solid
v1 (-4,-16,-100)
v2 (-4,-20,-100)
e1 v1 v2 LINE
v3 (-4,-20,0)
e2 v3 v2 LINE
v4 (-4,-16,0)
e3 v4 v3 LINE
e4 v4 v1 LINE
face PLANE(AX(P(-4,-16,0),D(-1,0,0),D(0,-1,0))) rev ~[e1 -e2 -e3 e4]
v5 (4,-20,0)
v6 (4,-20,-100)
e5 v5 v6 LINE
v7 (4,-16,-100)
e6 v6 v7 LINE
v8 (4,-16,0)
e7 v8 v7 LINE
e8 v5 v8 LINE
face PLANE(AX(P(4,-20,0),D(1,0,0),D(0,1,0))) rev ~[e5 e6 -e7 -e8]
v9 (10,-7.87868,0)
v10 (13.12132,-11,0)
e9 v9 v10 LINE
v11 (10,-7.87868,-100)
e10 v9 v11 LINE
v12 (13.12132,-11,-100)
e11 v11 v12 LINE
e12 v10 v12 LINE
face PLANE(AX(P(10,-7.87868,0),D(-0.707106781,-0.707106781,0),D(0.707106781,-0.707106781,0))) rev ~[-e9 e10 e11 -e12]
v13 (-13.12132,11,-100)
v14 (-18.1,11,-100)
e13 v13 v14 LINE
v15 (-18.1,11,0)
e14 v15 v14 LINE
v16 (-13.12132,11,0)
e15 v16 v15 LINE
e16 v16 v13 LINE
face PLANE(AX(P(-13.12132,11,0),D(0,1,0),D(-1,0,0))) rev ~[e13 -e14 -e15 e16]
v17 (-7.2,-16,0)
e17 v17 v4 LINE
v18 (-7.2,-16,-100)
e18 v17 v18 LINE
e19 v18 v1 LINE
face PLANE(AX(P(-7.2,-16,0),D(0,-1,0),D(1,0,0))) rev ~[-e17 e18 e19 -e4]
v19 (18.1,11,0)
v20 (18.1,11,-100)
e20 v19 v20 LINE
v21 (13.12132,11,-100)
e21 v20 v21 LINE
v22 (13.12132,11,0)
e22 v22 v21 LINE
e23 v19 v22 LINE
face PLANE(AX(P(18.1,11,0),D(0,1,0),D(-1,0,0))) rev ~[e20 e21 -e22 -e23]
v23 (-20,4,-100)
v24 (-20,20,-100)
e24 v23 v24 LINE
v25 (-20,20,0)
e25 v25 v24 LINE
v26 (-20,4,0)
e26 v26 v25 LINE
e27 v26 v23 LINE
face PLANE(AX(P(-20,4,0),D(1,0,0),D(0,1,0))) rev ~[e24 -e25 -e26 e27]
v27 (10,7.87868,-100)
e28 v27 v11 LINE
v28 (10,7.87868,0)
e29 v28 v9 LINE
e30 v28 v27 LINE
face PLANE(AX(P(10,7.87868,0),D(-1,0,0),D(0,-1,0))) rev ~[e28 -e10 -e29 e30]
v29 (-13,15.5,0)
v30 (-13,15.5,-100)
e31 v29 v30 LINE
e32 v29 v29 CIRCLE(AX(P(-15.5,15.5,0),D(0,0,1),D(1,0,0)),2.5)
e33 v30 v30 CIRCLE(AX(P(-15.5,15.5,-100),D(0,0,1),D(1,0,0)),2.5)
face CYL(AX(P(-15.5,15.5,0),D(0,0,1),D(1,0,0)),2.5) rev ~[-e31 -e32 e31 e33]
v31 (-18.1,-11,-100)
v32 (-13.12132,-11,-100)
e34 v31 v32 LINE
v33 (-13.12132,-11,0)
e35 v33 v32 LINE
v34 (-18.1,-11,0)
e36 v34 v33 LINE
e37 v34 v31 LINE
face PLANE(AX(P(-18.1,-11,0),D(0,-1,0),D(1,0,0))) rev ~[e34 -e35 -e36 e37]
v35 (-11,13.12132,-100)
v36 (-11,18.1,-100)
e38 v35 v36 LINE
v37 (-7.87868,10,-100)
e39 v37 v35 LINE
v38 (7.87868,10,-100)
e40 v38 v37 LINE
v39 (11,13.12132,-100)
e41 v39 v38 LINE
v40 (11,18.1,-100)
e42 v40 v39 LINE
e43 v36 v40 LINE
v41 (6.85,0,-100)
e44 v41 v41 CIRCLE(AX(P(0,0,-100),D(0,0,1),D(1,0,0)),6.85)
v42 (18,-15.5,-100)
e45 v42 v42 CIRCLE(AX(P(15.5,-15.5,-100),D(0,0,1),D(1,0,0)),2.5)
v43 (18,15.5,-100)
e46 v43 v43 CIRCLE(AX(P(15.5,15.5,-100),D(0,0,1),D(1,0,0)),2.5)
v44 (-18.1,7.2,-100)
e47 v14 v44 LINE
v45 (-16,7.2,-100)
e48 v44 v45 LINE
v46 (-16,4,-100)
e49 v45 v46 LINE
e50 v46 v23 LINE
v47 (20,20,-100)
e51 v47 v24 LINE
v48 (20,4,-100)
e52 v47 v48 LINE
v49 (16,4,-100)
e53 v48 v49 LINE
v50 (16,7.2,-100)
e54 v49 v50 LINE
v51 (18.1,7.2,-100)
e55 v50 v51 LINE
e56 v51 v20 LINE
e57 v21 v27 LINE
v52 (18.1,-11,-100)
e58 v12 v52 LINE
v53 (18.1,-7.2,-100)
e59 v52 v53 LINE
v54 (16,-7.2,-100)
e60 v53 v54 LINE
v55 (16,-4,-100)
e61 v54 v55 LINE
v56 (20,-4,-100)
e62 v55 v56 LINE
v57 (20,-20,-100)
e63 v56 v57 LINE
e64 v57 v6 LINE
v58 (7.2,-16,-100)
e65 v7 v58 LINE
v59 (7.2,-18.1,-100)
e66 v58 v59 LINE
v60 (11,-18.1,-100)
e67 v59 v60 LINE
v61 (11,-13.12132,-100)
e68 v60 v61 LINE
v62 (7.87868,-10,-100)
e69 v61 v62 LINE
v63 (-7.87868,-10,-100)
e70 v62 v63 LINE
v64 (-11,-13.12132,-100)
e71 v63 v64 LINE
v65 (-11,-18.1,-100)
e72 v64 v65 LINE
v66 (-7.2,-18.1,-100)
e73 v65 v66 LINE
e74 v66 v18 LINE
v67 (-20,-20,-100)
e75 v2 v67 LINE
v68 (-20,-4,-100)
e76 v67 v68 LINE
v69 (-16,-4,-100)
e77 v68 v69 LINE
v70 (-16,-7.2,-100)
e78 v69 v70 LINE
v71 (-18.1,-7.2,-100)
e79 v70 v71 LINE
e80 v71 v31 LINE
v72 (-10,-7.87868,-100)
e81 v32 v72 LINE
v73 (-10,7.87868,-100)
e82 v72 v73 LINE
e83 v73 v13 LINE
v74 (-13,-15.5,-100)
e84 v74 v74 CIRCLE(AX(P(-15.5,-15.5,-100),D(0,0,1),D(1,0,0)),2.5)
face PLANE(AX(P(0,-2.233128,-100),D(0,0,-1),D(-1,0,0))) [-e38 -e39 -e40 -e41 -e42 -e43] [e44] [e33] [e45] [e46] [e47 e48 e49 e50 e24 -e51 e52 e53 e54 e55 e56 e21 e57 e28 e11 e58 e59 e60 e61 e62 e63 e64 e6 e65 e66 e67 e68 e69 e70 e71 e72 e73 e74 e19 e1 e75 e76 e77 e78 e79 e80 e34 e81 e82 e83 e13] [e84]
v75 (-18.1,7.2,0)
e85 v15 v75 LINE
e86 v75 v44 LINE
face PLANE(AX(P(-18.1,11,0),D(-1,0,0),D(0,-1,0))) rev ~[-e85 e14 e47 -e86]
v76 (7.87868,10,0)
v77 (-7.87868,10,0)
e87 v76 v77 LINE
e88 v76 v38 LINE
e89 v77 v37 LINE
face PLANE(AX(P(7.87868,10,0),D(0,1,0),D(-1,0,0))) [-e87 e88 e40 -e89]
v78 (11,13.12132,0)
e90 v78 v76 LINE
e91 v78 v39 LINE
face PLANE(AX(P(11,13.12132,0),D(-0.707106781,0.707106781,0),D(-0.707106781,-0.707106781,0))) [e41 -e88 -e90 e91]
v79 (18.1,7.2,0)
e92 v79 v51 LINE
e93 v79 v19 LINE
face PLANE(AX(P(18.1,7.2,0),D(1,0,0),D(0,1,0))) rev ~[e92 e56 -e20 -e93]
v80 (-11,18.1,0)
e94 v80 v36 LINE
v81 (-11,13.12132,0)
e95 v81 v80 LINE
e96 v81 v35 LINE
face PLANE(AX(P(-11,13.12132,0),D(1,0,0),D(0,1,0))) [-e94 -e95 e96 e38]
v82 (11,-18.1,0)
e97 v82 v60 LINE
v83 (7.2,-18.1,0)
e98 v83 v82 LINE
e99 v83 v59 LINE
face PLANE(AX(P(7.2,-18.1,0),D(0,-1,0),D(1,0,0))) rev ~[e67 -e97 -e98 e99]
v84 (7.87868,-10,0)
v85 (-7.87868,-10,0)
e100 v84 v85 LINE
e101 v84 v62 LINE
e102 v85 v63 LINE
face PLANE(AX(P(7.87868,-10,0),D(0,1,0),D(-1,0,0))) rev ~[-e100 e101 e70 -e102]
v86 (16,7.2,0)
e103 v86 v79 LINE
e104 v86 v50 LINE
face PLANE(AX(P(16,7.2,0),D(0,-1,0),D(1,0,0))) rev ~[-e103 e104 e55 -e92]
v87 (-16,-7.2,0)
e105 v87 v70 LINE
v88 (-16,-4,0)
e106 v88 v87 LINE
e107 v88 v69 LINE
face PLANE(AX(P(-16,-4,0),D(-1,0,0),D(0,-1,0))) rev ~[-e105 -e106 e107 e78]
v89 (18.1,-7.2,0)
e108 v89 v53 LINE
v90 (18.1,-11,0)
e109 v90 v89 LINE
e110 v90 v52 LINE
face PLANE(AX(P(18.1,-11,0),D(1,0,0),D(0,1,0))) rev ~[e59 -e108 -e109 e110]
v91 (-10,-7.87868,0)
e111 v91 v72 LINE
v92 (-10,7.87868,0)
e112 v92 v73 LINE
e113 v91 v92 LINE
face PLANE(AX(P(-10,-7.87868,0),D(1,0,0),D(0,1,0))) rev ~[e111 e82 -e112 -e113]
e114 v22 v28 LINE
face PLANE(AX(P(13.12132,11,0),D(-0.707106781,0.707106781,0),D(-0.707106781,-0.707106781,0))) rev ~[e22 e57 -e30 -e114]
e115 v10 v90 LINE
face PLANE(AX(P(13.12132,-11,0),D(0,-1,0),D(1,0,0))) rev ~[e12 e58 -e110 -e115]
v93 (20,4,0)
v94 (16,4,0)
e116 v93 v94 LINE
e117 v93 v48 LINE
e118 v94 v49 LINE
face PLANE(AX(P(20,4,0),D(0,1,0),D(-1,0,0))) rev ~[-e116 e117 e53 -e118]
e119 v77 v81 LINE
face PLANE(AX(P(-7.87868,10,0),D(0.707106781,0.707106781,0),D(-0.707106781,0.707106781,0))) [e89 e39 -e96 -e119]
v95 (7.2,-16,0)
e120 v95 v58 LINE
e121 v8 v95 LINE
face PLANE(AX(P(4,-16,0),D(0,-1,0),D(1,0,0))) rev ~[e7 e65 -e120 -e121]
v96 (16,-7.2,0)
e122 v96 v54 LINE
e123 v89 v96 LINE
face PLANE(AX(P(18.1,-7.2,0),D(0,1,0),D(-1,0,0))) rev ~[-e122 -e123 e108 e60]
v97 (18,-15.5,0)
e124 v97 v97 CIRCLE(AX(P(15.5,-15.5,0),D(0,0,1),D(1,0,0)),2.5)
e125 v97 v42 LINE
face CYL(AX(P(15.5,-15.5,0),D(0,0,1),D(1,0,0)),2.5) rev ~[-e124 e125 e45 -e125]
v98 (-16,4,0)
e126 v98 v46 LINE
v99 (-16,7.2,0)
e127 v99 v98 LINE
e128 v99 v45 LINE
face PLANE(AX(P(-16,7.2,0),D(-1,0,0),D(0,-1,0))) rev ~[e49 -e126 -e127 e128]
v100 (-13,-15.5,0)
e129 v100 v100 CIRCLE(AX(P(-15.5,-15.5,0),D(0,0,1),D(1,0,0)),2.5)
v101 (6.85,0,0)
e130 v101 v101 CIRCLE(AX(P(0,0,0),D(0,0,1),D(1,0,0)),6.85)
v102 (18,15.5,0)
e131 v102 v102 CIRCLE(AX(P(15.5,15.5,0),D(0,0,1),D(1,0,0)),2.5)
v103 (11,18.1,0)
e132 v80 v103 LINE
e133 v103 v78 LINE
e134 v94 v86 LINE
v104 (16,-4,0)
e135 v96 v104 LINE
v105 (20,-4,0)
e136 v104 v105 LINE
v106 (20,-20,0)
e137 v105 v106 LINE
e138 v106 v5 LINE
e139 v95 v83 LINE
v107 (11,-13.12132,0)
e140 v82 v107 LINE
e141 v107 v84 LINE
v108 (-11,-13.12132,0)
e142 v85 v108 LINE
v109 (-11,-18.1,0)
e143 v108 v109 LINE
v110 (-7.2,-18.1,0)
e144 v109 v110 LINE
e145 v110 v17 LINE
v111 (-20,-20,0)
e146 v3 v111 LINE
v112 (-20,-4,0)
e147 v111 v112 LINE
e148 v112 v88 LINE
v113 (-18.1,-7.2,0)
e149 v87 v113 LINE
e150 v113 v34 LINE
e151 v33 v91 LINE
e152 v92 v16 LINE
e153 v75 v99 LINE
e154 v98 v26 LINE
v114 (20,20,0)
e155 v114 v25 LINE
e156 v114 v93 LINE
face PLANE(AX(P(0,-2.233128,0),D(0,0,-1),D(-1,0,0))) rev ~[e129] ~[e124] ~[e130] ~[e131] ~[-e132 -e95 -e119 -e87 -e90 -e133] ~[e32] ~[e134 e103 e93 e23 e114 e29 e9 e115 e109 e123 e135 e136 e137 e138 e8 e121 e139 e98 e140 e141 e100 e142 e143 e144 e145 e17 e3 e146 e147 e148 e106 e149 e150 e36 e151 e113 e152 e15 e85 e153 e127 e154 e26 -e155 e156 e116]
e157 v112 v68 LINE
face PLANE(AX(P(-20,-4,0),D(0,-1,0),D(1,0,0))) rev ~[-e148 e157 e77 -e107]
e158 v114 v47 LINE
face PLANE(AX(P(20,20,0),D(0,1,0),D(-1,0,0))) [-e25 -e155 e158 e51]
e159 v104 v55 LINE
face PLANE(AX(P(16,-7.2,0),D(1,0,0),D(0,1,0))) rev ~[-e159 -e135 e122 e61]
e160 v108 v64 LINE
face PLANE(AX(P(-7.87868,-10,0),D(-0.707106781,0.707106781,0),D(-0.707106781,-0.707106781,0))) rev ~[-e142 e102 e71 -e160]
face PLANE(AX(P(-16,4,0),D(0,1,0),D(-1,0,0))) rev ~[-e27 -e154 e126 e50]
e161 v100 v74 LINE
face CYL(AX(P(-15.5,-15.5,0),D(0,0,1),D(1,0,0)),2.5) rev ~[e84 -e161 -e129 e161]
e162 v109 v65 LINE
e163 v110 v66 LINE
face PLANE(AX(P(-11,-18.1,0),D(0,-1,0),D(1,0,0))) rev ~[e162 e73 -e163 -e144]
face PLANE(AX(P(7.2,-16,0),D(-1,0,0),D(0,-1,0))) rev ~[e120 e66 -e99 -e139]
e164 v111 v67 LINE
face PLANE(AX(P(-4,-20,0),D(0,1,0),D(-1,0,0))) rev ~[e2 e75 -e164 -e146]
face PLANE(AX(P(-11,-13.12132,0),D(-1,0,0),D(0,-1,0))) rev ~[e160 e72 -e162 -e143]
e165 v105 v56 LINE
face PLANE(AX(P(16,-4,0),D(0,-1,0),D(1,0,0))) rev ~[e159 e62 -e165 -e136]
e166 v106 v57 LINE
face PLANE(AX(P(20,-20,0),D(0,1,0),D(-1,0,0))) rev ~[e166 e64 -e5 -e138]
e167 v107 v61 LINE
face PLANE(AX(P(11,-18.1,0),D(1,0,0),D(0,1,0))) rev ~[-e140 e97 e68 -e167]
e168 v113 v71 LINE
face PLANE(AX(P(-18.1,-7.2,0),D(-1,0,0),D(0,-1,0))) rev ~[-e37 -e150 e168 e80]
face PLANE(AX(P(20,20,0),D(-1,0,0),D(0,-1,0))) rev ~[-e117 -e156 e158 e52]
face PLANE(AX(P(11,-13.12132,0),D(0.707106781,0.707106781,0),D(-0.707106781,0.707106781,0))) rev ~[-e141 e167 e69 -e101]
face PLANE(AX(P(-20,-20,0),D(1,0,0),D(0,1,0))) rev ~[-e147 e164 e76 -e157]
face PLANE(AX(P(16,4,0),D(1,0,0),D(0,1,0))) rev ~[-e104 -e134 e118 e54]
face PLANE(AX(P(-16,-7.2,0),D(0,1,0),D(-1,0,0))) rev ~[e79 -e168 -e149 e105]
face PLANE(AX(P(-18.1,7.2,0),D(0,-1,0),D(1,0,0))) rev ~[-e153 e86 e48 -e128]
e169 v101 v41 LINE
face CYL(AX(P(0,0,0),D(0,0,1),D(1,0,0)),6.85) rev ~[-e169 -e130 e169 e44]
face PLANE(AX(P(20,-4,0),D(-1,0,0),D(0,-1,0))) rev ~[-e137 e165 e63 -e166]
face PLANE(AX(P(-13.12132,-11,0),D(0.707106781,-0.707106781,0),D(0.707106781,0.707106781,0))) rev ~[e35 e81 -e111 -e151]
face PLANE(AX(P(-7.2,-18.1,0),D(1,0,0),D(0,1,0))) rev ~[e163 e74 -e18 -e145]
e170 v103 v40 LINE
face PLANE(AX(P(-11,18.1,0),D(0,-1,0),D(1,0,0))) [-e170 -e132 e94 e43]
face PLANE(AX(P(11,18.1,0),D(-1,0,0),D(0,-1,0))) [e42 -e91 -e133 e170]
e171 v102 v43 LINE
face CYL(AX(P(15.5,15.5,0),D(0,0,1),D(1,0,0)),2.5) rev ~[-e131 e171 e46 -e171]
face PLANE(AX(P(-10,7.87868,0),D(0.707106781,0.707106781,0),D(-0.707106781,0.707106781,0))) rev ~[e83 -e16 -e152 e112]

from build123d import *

# Parameters (mm, degrees)
SKETCH_C02_1_R   = 2.5
SKETCH_C02_1_R_2 = 6.85
EXTRUDE1_DEPTH   = 100


with BuildPart() as part:
    # Sketch C02-1 → Extrude1 (new body)
    with BuildSketch(Plane.XY):
        Polygon((-4, 20), (4, 20), (20, 20), (20, 4), (16, 4), (16, 7.2), (18.1, 7.2), (18.1, 11), (13.12132, 11), (10, 7.87868), (10, -7.87868), (13.12132, -11), (18.1, -11), (18.1, -7.2), (16, -7.2), (16, -4), (20, -4), (20, -20), (4, -20), (4, -16), (7.2, -16), (7.2, -18.1), (11, -18.1), (11, -13.12132), (7.87868, -10), (-7.87868, -10), (-11, -13.12132), (-11, -18.1), (-7.2, -18.1), (-7.2, -16), (-4, -16), (-4, -20), (-20, -20), (-20, -4), (-16, -4), (-16, -7.2), (-18.1, -7.2), (-18.1, -11), (-13.12132, -11), (-10, -7.87868), (-10, 7.87868), (-13.12132, 11), (-18.1, 11), (-18.1, 7.2), (-16, 7.2), (-16, 4), (-20, 4), (-20, 20), align=None)
        with Locations((-15.5, -15.5)):
            Circle(SKETCH_C02_1_R, mode=Mode.SUBTRACT)
        with Locations((-15.5, 15.5)):
            Circle(SKETCH_C02_1_R, mode=Mode.SUBTRACT)
        with Locations((15.5, -15.5)):
            Circle(SKETCH_C02_1_R, mode=Mode.SUBTRACT)
        with Locations((15.5, 15.5)):
            Circle(SKETCH_C02_1_R, mode=Mode.SUBTRACT)
        Circle(SKETCH_C02_1_R_2, mode=Mode.SUBTRACT)
        Polygon((-4, 18.1), (4, 18.1), (11, 18.1), (11, 13.12132), (7.87868, 10), (-7.87868, 10), (-11, 13.12132), (-11, 18.1), align=None, mode=Mode.SUBTRACT)
    extrude(amount=-EXTRUDE1_DEPTH)


solid = part.part
